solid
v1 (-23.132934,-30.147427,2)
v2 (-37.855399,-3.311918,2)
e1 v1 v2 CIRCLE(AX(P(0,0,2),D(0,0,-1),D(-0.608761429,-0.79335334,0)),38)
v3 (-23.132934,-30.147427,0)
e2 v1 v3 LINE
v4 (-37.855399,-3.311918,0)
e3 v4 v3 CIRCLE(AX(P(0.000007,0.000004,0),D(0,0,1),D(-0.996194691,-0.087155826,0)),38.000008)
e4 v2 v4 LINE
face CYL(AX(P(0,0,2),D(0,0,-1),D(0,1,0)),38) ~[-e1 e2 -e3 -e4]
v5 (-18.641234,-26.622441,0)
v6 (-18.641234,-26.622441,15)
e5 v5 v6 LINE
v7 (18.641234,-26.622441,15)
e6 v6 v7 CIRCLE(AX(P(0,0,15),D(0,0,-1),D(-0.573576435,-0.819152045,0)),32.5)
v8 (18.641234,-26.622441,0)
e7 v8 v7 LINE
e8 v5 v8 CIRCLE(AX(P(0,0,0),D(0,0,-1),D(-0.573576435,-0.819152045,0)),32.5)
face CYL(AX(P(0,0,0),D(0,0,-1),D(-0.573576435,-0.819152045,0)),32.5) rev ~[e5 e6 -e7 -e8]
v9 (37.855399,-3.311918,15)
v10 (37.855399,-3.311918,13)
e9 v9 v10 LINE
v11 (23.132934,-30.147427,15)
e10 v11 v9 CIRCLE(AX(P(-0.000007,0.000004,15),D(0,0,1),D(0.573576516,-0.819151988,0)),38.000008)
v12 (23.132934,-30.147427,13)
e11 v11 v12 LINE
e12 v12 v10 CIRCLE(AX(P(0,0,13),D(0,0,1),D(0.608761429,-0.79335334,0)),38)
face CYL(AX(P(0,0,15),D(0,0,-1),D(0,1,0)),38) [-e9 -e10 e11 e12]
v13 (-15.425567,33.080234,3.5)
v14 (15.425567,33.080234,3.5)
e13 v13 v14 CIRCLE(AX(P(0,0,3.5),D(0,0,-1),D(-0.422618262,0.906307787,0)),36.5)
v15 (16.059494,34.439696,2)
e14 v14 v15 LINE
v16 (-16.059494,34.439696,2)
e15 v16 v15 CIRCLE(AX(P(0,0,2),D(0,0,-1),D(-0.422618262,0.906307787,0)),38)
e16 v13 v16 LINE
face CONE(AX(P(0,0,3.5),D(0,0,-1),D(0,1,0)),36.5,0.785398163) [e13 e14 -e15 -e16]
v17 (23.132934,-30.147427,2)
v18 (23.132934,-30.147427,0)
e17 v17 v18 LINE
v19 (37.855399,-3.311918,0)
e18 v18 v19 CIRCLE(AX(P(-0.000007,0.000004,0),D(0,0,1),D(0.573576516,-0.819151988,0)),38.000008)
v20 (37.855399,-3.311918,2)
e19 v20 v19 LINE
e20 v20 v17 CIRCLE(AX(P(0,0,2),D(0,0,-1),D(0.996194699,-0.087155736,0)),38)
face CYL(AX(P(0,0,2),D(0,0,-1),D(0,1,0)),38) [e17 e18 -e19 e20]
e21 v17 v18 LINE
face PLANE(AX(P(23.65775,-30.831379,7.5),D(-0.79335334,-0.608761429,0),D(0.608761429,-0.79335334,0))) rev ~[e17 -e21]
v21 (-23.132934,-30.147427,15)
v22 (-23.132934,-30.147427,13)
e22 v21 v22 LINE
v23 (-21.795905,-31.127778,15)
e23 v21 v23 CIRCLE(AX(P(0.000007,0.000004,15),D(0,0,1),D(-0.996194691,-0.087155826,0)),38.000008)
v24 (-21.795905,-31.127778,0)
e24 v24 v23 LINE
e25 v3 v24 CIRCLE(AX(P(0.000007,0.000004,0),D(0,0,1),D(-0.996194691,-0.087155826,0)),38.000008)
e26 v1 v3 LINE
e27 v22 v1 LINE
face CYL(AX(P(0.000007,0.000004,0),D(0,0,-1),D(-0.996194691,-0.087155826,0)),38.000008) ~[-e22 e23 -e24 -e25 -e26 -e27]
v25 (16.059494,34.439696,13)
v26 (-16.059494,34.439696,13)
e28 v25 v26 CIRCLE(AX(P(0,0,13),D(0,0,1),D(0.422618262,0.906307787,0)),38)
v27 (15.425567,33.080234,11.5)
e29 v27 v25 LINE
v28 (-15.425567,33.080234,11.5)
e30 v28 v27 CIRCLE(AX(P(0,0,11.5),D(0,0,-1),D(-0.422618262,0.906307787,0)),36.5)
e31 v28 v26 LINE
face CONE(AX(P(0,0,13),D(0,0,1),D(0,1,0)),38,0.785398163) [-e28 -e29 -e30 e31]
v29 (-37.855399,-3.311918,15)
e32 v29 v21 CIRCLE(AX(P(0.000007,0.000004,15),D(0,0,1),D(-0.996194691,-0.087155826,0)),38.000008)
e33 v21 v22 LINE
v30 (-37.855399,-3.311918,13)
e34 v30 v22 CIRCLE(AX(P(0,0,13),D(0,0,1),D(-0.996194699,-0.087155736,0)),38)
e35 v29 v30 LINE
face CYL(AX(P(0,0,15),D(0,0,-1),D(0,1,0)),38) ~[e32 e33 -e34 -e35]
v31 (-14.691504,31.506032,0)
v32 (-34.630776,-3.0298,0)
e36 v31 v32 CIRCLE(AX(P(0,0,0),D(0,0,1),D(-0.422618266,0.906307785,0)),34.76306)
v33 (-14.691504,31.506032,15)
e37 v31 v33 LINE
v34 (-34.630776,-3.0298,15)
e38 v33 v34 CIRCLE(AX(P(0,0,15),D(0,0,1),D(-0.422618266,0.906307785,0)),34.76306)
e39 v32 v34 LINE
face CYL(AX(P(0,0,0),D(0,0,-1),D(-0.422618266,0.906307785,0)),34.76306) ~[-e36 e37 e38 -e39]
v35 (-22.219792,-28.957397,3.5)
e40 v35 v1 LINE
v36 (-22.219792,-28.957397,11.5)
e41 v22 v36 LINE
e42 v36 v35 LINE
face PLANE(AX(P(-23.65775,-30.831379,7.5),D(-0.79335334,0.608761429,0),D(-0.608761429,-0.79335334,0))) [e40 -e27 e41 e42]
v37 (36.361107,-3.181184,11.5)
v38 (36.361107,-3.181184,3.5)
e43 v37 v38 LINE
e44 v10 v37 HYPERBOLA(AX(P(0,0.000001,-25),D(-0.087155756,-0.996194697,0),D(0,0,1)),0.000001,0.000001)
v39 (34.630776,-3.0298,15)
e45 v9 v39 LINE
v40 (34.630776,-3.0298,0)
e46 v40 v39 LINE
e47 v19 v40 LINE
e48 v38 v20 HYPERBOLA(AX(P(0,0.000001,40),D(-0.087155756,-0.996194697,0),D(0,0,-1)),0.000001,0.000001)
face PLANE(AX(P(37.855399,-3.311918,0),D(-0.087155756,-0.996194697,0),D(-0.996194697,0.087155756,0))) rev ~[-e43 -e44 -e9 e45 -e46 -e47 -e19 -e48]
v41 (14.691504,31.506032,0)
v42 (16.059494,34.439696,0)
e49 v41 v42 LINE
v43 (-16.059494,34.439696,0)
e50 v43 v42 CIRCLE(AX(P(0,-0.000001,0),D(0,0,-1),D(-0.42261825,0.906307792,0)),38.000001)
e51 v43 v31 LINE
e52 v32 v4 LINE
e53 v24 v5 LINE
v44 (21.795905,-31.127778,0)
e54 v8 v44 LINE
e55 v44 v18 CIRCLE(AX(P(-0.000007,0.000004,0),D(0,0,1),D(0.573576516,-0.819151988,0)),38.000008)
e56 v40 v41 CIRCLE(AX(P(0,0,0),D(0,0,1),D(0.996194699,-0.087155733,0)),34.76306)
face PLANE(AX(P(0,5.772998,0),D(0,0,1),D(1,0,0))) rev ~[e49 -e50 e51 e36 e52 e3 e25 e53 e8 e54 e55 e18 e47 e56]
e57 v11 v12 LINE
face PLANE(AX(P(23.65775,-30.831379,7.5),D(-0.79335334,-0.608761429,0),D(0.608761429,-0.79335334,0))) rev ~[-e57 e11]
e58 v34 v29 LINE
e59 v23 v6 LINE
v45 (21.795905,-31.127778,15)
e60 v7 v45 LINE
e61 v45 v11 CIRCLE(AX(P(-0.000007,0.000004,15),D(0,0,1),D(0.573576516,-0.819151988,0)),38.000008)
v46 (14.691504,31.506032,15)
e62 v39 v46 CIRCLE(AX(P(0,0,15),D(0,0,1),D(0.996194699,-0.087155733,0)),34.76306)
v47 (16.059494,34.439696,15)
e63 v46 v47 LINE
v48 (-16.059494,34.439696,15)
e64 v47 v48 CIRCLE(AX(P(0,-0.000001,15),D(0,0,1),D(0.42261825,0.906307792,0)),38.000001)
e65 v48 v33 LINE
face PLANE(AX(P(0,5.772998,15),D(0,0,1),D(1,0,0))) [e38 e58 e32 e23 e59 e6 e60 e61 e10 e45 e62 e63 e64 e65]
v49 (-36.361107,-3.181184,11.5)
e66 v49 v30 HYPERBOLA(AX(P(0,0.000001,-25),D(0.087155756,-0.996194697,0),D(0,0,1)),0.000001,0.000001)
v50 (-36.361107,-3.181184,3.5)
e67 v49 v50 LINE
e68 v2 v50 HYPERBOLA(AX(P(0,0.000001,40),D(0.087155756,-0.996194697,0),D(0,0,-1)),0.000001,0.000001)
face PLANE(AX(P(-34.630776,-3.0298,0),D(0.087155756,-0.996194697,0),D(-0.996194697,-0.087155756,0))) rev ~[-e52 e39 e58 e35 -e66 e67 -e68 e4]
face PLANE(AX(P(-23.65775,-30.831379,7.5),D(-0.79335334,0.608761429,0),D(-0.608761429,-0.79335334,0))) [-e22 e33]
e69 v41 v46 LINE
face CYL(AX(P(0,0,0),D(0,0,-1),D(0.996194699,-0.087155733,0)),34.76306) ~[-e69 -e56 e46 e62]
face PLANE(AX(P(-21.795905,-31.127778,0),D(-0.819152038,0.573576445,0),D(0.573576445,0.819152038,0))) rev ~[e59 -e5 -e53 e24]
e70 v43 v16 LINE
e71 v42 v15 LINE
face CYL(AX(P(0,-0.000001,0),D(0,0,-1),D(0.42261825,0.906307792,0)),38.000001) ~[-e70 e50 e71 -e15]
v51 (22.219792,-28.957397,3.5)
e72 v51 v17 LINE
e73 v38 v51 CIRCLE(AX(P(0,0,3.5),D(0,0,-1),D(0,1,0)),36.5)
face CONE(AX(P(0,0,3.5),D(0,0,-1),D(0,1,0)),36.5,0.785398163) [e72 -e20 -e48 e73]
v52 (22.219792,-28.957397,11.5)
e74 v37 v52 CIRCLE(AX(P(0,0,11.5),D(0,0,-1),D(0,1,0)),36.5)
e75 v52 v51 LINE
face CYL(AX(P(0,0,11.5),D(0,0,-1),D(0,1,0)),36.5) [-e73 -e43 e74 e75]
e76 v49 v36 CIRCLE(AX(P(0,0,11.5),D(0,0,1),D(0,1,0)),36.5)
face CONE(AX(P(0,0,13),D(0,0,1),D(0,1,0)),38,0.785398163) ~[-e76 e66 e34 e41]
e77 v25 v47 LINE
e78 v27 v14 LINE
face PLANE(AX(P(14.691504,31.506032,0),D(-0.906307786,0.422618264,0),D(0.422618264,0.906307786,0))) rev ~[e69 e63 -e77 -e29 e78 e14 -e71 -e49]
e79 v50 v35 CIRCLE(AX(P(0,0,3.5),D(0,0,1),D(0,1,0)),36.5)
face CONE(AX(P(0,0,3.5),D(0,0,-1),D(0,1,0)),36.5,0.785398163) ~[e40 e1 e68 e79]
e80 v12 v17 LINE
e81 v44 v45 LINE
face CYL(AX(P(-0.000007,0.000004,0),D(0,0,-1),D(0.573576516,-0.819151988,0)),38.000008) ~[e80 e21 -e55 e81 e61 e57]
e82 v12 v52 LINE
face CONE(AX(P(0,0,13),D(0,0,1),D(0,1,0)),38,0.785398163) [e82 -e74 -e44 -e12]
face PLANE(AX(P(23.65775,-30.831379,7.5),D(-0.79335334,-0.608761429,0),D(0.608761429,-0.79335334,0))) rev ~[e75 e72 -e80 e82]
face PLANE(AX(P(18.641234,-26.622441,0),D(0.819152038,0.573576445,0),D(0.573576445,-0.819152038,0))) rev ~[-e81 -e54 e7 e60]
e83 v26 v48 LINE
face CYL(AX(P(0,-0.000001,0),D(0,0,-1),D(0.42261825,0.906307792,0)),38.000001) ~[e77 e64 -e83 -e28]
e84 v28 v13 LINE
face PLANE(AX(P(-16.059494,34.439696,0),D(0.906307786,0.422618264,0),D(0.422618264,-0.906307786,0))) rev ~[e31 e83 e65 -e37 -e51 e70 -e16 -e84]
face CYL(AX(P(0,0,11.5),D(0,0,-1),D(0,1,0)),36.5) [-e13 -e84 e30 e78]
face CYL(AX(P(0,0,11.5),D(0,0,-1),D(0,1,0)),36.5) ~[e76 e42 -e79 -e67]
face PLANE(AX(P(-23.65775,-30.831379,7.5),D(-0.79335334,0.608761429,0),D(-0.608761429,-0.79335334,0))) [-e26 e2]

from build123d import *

# Parameters (mm, degrees)
F1_DEPTH = 15
F4_ANGLE = -285


with BuildPart() as f1:
    # F0 (on Top) → F1 (new body)
    with BuildSketch(Plane.XY):
        with BuildLine():
            Line((18.641234, -26.622441), (21.795905, -31.127778))
            ThreePointArc((21.795905, -31.127778), (32.908965, -19), (37.855399, -3.311918))
            Line((37.855399, -3.311918), (34.630776, -3.0298))
            ThreePointArc((34.630776, -3.0298), (30.105693, 17.38153), (14.691504, 31.506032))
            Line((14.691504, 31.506032), (16.059494, 34.439696))
            ThreePointArc((16.059494, 34.439696), (0, 38), (-16.059494, 34.439696))
            Line((-16.059494, 34.439696), (-14.691504, 31.506032))
            ThreePointArc((-14.691504, 31.506032), (-30.105693, 17.38153), (-34.630776, -3.0298))
            Line((-34.630776, -3.0298), (-37.855399, -3.311918))
            ThreePointArc((-37.855399, -3.311918), (-32.908965, -19), (-21.795905, -31.127778))
            Line((-21.795905, -31.127778), (-18.641234, -26.622441))
            ThreePointArc((-18.641234, -26.622441), (0, 32.5), (18.641234, -26.622441))
        make_face()
    extrude(amount=F1_DEPTH)

    # F3 (on Right) → F4 (revolve, symmetric, cut)
    with BuildSketch(Plane.YZ) as f4_sk:
        Polygon((38, 13), (36.5, 11.5), (36.5, 3.5), (38, 2), (38, 0), (40.645316, 0), (40.645316, 15), (38, 15), align=None)
    revolve(axis=Axis((0, 0, 11.281438), (0, 0, 1)), revolution_arc=F4_ANGLE / 2, mode=Mode.SUBTRACT)
    revolve(f4_sk.sketch, axis=Axis((0, 0, 11.281438), (0, 0, -1)), revolution_arc=F4_ANGLE / 2, mode=Mode.SUBTRACT)


solid = f1.part
